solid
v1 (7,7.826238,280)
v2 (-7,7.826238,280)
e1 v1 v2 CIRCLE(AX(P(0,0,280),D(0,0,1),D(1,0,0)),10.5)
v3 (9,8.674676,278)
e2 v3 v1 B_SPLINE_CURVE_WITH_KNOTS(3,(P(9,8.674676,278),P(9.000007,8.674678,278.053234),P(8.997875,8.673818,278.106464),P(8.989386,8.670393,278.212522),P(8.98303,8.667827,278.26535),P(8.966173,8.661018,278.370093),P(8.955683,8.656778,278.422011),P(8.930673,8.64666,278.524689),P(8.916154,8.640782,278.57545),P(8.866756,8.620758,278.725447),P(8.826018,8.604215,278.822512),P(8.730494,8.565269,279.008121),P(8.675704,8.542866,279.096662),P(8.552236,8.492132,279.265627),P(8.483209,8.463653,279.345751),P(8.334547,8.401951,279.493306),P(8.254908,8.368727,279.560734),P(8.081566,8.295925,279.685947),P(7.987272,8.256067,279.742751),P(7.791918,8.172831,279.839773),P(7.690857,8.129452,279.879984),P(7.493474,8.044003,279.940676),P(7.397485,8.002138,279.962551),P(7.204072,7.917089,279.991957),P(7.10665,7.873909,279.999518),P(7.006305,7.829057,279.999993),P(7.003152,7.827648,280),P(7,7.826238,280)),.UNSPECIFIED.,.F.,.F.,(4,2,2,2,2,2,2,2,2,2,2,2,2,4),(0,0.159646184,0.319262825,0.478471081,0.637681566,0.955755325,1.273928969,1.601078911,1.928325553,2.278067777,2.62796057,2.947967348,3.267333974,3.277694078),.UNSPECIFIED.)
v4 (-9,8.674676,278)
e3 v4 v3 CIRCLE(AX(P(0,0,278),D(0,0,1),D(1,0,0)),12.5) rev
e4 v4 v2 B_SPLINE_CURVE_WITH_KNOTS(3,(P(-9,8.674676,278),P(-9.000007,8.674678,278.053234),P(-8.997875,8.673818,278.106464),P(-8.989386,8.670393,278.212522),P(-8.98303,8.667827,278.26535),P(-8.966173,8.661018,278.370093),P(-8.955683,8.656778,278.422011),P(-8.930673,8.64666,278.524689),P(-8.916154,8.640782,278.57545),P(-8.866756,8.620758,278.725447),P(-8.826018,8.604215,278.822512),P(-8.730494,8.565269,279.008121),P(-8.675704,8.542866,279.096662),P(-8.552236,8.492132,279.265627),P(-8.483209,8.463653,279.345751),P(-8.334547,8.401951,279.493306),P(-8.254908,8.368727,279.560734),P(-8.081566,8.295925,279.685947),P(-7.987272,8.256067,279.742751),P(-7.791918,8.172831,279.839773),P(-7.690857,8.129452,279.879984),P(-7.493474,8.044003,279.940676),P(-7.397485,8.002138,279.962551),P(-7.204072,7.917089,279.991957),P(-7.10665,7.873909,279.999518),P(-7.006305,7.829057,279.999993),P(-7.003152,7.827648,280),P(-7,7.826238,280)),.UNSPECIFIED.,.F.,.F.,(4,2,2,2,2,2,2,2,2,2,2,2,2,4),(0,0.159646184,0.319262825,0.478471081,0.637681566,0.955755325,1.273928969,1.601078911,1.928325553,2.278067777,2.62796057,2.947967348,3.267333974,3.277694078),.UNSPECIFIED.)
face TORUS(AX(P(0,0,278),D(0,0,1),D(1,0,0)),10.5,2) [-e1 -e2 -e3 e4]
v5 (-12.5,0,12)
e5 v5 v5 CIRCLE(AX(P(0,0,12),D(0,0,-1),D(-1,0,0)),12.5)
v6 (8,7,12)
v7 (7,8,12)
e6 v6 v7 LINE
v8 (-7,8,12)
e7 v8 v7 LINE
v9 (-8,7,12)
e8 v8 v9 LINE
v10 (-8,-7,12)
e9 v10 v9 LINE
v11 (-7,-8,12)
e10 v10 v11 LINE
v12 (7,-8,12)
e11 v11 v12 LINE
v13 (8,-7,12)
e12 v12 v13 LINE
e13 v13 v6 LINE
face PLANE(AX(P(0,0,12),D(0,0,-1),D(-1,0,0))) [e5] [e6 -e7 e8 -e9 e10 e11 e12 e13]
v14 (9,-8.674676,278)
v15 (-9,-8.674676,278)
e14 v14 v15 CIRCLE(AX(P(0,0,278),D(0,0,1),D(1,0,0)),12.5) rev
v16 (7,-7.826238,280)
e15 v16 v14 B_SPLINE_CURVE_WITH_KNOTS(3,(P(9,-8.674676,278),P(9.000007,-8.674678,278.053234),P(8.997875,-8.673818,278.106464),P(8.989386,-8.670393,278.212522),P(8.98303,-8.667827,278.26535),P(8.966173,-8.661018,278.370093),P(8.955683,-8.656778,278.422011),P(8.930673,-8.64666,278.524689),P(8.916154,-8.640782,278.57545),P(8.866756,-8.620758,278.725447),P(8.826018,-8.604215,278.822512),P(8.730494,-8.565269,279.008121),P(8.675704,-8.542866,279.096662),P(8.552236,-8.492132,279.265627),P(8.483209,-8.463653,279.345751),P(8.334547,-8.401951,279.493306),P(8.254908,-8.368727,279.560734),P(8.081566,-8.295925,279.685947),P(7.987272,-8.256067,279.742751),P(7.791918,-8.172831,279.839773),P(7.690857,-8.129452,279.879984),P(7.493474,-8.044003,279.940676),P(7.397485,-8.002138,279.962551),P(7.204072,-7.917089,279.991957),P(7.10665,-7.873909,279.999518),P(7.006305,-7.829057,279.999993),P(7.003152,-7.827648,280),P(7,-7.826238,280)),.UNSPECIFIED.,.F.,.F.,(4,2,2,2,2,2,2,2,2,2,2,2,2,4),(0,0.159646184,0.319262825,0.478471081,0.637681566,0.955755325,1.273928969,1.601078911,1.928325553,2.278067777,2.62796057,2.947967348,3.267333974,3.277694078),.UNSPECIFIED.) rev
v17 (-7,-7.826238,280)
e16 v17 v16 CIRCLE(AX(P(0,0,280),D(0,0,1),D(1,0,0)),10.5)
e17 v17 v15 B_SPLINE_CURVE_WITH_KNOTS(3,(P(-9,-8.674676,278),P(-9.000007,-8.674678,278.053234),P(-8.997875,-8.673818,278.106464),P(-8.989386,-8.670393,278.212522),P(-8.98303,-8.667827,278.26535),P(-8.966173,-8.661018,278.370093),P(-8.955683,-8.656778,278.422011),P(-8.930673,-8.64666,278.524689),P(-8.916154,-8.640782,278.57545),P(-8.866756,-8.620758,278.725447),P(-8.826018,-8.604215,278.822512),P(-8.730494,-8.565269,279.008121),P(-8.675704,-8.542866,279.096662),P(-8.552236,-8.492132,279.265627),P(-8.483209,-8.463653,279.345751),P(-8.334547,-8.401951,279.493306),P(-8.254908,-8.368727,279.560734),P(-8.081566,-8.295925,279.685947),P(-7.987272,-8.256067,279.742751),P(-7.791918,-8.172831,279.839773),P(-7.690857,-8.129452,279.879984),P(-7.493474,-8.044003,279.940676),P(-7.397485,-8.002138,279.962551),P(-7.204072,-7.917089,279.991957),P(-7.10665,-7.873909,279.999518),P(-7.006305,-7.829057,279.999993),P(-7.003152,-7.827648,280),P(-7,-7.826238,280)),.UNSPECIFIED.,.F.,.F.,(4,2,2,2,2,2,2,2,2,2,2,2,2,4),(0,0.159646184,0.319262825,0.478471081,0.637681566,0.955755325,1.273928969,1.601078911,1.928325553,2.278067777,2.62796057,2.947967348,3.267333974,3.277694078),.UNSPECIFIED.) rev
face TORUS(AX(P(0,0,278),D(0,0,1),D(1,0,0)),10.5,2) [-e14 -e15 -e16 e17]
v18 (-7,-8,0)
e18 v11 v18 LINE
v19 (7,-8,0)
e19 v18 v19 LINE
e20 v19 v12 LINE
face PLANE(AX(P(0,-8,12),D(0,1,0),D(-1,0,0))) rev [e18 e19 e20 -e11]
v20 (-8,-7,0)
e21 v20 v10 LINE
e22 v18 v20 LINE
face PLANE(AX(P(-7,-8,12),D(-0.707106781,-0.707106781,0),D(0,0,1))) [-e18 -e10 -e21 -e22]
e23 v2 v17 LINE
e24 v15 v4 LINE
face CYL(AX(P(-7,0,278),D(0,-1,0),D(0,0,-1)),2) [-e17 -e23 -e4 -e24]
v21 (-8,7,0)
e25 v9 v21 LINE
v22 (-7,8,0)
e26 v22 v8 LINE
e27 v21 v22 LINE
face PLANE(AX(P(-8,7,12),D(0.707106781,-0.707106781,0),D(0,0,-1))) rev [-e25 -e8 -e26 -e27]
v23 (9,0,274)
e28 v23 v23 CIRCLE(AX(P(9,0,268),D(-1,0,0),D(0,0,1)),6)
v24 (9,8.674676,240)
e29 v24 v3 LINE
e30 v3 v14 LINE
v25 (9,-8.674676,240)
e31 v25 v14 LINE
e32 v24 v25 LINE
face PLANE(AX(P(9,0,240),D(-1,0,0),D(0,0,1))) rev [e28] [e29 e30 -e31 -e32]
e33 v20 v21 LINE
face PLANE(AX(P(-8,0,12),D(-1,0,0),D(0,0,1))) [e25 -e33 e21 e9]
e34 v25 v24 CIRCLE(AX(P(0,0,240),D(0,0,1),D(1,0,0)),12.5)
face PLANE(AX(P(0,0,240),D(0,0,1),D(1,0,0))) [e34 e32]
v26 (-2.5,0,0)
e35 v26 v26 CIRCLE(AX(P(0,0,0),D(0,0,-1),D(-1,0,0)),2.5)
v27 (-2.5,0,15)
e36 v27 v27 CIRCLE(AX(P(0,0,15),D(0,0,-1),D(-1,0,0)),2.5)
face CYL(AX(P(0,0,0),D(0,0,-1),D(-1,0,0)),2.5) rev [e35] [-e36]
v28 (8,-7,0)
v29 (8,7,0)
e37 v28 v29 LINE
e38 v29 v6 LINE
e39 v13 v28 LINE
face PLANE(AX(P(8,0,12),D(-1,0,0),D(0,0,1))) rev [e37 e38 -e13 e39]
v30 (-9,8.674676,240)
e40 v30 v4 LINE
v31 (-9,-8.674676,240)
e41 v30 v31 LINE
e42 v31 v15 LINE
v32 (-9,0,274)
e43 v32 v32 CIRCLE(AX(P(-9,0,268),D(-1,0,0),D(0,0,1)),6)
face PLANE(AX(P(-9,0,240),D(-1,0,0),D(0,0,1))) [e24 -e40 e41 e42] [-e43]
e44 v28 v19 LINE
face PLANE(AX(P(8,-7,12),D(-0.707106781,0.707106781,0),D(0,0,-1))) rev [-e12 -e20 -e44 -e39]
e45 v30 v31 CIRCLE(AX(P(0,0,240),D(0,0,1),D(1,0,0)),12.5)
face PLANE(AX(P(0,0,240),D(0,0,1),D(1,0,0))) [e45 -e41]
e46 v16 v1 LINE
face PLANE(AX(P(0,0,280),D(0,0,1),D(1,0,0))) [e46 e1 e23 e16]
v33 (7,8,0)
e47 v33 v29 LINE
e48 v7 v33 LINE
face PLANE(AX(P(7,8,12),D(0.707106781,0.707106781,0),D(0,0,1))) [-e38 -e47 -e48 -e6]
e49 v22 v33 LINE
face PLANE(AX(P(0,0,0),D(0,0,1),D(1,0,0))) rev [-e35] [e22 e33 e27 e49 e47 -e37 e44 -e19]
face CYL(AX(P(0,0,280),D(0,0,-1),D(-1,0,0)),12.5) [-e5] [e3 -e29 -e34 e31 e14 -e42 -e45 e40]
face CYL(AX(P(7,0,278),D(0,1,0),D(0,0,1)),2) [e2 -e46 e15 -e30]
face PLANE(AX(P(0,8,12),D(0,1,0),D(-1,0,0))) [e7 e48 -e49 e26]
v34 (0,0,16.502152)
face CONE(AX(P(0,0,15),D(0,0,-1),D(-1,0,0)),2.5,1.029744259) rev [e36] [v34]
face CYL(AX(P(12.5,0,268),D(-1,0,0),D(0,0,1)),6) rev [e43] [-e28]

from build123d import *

# Parameters (mm, degrees)
SKETCH1_R             = 12.5
BOSS_EXTRUDE1_DEPTH   = 280
CUT_EXTRUDE1_START    = -40
CUT_EXTRUDE1_DEPTH    = 40
SKETCH3_R             = 6
CUT_EXTRUDE2_DEPTH    = 282.102294548
FILLET1_R             = 2
SKETCH4_R             = 12.5
SKETCH4_W             = 16
SKETCH4_H             = 16
CUT_EXTRUDE3_DEPTH    = 12
M6_TAPPED_HOLE1_D     = 5
M6_TAPPED_HOLE1_DEPTH = 15
M6_TAPPED_HOLE1_TIP   = 1.502151548
CHAMFER1_SIZE         = 1


with BuildPart() as part:
    # Sketch1 → Boss-Extrude1 (new body)
    with BuildSketch(Plane.XY):
        Circle(SKETCH1_R)
    extrude(amount=BOSS_EXTRUDE1_DEPTH)

    # Sketch2 → Cut-Extrude1 (cut)
    with BuildSketch(Plane.XY.offset(280).offset(CUT_EXTRUDE1_START)):
        with BuildLine():
            Line((-9, -8.674675786), (-9, 8.674675786))
            ThreePointArc((-9, 8.674675786), (-12.5, 0), (-9, -8.674675786))
        make_face()
        with BuildLine():
            ThreePointArc((9, -8.674675786), (12.5, 0), (9, 8.674675786))
            Line((9, 8.674675786), (9, -8.674675786))
        make_face()
    extrude(amount=CUT_EXTRUDE1_DEPTH, mode=Mode.SUBTRACT)

    # Sketch3 → Cut-Extrude2 (cut, through all)
    with BuildSketch(Plane.ZY.offset(9)):
        with Locations((268, 0)):
            Circle(SKETCH3_R)
    extrude(amount=-CUT_EXTRUDE2_DEPTH, mode=Mode.SUBTRACT)

    # Fillet1
    fillet1_edges = [part.edges().sort_by_distance(p)[0] for p in [
        (0, 12.5, 280),
        (9, 0, 280),
        (0, -12.5, 280),
        (-9, 0, 280),
    ]]
    fillet(fillet1_edges, radius=FILLET1_R)

    # Sketch4 → Cut-Extrude3 (cut)
    with BuildSketch(Plane(origin=(0, 0, 0), x_dir=(-1, 0, 0), z_dir=(0, 0, -1))):
        Circle(SKETCH4_R)
        Rectangle(SKETCH4_W, SKETCH4_H, mode=Mode.SUBTRACT)
    extrude(amount=-CUT_EXTRUDE3_DEPTH, mode=Mode.SUBTRACT)

    # M6 Tapped Hole1
    with Locations(Plane(origin=(0, 0, 0), x_dir=(-1, 0, 0), z_dir=(0, 0, -1))):
        with Locations((0, 0)):
            Hole(M6_TAPPED_HOLE1_D / 2, depth=M6_TAPPED_HOLE1_DEPTH)
            with Locations((0, 0, -(M6_TAPPED_HOLE1_DEPTH + M6_TAPPED_HOLE1_TIP / 2))):  # 118° drill point
                Cone(0, M6_TAPPED_HOLE1_D / 2, M6_TAPPED_HOLE1_TIP, mode=Mode.SUBTRACT)

    # Chamfer1
    chamfer1_edges = [part.edges().sort_by_distance(p)[0] for p in [
        (-8, -8, 6),
        (-8, 8, 6),
        (8, -8, 6),
        (8, 8, 6),
    ]]
    chamfer(chamfer1_edges, length=CHAMFER1_SIZE)


solid = part.part
